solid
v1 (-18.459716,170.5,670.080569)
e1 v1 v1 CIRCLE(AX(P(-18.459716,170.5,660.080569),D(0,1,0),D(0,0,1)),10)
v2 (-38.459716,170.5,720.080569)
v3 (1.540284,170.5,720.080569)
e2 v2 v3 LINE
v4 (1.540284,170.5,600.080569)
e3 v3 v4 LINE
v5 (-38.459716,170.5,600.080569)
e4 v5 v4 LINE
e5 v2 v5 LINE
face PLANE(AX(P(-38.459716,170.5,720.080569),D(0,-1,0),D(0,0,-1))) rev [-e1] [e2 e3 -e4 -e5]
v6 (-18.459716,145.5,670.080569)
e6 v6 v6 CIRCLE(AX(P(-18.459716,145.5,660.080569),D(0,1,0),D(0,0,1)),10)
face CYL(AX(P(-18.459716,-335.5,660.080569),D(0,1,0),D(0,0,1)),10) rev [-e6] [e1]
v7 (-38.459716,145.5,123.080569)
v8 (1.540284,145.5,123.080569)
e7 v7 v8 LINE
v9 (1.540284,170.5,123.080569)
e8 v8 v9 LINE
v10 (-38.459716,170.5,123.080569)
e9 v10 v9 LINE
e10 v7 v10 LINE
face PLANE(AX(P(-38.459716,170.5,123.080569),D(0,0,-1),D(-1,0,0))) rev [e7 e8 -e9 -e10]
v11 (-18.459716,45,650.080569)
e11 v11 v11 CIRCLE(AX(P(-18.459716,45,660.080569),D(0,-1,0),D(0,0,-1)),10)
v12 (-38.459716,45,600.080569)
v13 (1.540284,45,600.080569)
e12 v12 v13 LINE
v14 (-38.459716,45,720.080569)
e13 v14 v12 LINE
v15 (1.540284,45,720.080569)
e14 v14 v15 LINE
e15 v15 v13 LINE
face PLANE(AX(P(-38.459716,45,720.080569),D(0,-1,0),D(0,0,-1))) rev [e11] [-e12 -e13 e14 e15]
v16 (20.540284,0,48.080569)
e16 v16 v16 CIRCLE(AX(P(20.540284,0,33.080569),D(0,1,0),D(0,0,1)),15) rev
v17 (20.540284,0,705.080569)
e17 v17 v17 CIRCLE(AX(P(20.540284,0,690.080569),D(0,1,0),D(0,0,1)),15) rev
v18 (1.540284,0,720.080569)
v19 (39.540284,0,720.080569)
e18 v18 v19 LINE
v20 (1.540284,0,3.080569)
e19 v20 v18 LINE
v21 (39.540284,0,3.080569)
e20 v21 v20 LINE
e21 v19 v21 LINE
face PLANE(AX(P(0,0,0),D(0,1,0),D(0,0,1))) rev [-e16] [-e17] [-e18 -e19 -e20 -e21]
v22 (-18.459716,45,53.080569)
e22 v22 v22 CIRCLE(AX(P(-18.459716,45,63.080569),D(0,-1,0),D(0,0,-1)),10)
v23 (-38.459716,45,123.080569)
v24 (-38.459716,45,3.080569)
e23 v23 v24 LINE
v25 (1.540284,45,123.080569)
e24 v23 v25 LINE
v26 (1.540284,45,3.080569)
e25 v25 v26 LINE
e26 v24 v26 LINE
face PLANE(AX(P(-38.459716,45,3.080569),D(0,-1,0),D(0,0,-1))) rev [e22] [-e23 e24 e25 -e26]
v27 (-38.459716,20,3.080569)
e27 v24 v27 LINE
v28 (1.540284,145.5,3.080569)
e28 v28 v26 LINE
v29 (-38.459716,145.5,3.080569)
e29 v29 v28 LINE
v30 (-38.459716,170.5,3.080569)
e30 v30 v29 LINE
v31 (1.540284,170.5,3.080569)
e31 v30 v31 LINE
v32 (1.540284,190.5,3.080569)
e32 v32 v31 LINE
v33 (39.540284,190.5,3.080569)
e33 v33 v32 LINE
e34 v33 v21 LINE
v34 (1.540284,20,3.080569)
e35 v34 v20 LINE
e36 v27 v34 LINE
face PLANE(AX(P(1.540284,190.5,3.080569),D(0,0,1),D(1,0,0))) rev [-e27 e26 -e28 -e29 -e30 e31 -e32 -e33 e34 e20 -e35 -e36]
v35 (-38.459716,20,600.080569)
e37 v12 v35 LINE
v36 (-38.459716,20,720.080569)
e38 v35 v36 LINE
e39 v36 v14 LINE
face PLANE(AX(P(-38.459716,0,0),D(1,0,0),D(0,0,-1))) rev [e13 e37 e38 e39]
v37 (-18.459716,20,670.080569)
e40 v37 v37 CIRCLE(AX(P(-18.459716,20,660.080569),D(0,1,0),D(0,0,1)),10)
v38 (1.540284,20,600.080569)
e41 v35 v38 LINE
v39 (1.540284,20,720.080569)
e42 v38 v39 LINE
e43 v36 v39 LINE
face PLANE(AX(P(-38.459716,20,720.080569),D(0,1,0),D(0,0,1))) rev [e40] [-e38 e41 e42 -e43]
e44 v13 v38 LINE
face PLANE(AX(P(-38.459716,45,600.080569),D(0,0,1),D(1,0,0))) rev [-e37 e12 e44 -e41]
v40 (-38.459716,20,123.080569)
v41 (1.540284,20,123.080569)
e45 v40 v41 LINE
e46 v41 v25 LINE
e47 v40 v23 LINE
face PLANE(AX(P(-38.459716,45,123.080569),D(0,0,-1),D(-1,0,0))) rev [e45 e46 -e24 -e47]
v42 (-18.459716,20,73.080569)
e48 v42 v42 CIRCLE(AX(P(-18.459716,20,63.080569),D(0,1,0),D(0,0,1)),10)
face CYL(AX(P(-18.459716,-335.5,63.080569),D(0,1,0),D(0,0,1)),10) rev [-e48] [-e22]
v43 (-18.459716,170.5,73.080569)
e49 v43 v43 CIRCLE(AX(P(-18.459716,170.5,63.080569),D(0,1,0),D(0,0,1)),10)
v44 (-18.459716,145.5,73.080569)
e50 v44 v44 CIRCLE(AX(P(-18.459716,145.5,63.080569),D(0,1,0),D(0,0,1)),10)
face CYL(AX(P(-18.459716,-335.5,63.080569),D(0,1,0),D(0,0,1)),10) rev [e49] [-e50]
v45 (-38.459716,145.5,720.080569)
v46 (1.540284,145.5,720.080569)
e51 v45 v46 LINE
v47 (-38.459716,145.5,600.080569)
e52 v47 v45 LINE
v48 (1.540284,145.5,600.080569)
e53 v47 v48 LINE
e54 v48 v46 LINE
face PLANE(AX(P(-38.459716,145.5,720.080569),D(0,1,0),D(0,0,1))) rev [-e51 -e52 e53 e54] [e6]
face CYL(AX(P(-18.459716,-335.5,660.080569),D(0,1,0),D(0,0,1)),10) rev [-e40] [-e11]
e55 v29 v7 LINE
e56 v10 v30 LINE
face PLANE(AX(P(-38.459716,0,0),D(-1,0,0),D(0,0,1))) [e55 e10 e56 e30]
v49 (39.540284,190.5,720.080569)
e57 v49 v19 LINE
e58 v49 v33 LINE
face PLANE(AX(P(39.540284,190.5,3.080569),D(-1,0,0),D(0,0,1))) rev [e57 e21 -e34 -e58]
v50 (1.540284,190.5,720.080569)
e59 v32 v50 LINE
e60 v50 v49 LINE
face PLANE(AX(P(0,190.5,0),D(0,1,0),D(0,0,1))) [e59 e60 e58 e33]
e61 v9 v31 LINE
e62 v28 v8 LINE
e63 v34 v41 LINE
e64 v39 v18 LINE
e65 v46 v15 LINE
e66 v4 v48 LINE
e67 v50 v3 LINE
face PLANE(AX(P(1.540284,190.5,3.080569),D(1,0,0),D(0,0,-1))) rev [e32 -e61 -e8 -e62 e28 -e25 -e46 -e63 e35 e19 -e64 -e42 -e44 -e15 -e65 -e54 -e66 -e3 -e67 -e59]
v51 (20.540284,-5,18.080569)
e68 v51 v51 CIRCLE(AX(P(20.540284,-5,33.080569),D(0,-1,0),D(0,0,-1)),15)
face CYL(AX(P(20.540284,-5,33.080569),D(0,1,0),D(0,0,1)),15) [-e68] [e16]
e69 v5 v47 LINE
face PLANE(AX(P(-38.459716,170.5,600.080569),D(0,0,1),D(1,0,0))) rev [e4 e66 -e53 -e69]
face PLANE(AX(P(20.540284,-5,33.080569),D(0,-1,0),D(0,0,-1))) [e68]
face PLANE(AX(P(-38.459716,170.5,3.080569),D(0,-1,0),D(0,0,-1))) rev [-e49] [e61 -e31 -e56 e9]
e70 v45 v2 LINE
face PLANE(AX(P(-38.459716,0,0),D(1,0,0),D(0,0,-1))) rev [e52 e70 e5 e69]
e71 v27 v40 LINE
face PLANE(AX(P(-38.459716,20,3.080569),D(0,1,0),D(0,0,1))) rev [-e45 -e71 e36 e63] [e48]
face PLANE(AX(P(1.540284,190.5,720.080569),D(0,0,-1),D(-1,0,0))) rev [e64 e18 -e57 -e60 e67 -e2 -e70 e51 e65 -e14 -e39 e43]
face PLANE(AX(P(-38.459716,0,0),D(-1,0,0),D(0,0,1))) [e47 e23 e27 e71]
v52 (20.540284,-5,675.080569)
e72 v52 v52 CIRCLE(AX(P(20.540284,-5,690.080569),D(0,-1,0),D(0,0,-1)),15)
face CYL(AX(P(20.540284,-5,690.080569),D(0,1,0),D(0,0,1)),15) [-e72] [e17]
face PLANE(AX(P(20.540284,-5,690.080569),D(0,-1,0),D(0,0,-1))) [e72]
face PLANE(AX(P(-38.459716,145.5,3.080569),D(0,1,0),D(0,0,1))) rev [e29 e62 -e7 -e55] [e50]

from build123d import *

# Parameters (mm, degrees)
SKETCH1_W           = 38
SKETCH1_H           = 717
BOSS_EXTRUDE1_DEPTH = 190.5
SKETCH3_W           = 120
SKETCH3_H           = 25
BOSS_EXTRUDE2_DEPTH = 40
SKETCH4_R           = 10
CUT_EXTRUDE1_DEPTH  = 506
SKETCH5_R           = 15
BOSS_EXTRUDE3_DEPTH = 5


with BuildPart() as part:
    # Sketch1 → Boss-Extrude1 (new body)
    with BuildSketch(Plane(origin=(0, 0, 0), x_dir=(1, 0, 0), z_dir=(0, 1, 0))):
        with Locations((20.54028436, -361.58056872)):
            Rectangle(SKETCH1_W, SKETCH1_H)
    extrude(amount=BOSS_EXTRUDE1_DEPTH)

    # Sketch3 → Boss-Extrude2 (add)
    with BuildSketch(Plane.ZY.offset(-1.54028436)):
        with Locations((63.08056872, 158)):
            Rectangle(SKETCH3_W, SKETCH3_H)
        with Locations((63.08056872, 32.5)):
            Rectangle(SKETCH3_W, SKETCH3_H)
        with Locations((660.08056872, 32.5)):
            Rectangle(SKETCH3_W, SKETCH3_H)
        with Locations((660.08056872, 158)):
            Rectangle(SKETCH3_W, SKETCH3_H)
    extrude(amount=BOSS_EXTRUDE2_DEPTH)

    # Sketch4 → Cut-Extrude1 (cut)
    with BuildSketch(Plane(origin=(0, 170.5, 0), x_dir=(1, 0, 0), z_dir=(0, 1, 0))):
        with Locations((-18.45971564, -63.08056872)):
            Circle(SKETCH4_R)
        with Locations((-18.45971564, -660.08056872)):
            Circle(SKETCH4_R)
    extrude(amount=-CUT_EXTRUDE1_DEPTH, mode=Mode.SUBTRACT)

    # Sketch5 → Boss-Extrude3 (add)
    with BuildSketch(Plane.XZ):
        with Locations((20.54028436, 690.08056872)):
            Circle(SKETCH5_R)
        with Locations((20.54028436, 33.08056872)):
            Circle(SKETCH5_R)
    extrude(amount=BOSS_EXTRUDE3_DEPTH)


solid = part.part
